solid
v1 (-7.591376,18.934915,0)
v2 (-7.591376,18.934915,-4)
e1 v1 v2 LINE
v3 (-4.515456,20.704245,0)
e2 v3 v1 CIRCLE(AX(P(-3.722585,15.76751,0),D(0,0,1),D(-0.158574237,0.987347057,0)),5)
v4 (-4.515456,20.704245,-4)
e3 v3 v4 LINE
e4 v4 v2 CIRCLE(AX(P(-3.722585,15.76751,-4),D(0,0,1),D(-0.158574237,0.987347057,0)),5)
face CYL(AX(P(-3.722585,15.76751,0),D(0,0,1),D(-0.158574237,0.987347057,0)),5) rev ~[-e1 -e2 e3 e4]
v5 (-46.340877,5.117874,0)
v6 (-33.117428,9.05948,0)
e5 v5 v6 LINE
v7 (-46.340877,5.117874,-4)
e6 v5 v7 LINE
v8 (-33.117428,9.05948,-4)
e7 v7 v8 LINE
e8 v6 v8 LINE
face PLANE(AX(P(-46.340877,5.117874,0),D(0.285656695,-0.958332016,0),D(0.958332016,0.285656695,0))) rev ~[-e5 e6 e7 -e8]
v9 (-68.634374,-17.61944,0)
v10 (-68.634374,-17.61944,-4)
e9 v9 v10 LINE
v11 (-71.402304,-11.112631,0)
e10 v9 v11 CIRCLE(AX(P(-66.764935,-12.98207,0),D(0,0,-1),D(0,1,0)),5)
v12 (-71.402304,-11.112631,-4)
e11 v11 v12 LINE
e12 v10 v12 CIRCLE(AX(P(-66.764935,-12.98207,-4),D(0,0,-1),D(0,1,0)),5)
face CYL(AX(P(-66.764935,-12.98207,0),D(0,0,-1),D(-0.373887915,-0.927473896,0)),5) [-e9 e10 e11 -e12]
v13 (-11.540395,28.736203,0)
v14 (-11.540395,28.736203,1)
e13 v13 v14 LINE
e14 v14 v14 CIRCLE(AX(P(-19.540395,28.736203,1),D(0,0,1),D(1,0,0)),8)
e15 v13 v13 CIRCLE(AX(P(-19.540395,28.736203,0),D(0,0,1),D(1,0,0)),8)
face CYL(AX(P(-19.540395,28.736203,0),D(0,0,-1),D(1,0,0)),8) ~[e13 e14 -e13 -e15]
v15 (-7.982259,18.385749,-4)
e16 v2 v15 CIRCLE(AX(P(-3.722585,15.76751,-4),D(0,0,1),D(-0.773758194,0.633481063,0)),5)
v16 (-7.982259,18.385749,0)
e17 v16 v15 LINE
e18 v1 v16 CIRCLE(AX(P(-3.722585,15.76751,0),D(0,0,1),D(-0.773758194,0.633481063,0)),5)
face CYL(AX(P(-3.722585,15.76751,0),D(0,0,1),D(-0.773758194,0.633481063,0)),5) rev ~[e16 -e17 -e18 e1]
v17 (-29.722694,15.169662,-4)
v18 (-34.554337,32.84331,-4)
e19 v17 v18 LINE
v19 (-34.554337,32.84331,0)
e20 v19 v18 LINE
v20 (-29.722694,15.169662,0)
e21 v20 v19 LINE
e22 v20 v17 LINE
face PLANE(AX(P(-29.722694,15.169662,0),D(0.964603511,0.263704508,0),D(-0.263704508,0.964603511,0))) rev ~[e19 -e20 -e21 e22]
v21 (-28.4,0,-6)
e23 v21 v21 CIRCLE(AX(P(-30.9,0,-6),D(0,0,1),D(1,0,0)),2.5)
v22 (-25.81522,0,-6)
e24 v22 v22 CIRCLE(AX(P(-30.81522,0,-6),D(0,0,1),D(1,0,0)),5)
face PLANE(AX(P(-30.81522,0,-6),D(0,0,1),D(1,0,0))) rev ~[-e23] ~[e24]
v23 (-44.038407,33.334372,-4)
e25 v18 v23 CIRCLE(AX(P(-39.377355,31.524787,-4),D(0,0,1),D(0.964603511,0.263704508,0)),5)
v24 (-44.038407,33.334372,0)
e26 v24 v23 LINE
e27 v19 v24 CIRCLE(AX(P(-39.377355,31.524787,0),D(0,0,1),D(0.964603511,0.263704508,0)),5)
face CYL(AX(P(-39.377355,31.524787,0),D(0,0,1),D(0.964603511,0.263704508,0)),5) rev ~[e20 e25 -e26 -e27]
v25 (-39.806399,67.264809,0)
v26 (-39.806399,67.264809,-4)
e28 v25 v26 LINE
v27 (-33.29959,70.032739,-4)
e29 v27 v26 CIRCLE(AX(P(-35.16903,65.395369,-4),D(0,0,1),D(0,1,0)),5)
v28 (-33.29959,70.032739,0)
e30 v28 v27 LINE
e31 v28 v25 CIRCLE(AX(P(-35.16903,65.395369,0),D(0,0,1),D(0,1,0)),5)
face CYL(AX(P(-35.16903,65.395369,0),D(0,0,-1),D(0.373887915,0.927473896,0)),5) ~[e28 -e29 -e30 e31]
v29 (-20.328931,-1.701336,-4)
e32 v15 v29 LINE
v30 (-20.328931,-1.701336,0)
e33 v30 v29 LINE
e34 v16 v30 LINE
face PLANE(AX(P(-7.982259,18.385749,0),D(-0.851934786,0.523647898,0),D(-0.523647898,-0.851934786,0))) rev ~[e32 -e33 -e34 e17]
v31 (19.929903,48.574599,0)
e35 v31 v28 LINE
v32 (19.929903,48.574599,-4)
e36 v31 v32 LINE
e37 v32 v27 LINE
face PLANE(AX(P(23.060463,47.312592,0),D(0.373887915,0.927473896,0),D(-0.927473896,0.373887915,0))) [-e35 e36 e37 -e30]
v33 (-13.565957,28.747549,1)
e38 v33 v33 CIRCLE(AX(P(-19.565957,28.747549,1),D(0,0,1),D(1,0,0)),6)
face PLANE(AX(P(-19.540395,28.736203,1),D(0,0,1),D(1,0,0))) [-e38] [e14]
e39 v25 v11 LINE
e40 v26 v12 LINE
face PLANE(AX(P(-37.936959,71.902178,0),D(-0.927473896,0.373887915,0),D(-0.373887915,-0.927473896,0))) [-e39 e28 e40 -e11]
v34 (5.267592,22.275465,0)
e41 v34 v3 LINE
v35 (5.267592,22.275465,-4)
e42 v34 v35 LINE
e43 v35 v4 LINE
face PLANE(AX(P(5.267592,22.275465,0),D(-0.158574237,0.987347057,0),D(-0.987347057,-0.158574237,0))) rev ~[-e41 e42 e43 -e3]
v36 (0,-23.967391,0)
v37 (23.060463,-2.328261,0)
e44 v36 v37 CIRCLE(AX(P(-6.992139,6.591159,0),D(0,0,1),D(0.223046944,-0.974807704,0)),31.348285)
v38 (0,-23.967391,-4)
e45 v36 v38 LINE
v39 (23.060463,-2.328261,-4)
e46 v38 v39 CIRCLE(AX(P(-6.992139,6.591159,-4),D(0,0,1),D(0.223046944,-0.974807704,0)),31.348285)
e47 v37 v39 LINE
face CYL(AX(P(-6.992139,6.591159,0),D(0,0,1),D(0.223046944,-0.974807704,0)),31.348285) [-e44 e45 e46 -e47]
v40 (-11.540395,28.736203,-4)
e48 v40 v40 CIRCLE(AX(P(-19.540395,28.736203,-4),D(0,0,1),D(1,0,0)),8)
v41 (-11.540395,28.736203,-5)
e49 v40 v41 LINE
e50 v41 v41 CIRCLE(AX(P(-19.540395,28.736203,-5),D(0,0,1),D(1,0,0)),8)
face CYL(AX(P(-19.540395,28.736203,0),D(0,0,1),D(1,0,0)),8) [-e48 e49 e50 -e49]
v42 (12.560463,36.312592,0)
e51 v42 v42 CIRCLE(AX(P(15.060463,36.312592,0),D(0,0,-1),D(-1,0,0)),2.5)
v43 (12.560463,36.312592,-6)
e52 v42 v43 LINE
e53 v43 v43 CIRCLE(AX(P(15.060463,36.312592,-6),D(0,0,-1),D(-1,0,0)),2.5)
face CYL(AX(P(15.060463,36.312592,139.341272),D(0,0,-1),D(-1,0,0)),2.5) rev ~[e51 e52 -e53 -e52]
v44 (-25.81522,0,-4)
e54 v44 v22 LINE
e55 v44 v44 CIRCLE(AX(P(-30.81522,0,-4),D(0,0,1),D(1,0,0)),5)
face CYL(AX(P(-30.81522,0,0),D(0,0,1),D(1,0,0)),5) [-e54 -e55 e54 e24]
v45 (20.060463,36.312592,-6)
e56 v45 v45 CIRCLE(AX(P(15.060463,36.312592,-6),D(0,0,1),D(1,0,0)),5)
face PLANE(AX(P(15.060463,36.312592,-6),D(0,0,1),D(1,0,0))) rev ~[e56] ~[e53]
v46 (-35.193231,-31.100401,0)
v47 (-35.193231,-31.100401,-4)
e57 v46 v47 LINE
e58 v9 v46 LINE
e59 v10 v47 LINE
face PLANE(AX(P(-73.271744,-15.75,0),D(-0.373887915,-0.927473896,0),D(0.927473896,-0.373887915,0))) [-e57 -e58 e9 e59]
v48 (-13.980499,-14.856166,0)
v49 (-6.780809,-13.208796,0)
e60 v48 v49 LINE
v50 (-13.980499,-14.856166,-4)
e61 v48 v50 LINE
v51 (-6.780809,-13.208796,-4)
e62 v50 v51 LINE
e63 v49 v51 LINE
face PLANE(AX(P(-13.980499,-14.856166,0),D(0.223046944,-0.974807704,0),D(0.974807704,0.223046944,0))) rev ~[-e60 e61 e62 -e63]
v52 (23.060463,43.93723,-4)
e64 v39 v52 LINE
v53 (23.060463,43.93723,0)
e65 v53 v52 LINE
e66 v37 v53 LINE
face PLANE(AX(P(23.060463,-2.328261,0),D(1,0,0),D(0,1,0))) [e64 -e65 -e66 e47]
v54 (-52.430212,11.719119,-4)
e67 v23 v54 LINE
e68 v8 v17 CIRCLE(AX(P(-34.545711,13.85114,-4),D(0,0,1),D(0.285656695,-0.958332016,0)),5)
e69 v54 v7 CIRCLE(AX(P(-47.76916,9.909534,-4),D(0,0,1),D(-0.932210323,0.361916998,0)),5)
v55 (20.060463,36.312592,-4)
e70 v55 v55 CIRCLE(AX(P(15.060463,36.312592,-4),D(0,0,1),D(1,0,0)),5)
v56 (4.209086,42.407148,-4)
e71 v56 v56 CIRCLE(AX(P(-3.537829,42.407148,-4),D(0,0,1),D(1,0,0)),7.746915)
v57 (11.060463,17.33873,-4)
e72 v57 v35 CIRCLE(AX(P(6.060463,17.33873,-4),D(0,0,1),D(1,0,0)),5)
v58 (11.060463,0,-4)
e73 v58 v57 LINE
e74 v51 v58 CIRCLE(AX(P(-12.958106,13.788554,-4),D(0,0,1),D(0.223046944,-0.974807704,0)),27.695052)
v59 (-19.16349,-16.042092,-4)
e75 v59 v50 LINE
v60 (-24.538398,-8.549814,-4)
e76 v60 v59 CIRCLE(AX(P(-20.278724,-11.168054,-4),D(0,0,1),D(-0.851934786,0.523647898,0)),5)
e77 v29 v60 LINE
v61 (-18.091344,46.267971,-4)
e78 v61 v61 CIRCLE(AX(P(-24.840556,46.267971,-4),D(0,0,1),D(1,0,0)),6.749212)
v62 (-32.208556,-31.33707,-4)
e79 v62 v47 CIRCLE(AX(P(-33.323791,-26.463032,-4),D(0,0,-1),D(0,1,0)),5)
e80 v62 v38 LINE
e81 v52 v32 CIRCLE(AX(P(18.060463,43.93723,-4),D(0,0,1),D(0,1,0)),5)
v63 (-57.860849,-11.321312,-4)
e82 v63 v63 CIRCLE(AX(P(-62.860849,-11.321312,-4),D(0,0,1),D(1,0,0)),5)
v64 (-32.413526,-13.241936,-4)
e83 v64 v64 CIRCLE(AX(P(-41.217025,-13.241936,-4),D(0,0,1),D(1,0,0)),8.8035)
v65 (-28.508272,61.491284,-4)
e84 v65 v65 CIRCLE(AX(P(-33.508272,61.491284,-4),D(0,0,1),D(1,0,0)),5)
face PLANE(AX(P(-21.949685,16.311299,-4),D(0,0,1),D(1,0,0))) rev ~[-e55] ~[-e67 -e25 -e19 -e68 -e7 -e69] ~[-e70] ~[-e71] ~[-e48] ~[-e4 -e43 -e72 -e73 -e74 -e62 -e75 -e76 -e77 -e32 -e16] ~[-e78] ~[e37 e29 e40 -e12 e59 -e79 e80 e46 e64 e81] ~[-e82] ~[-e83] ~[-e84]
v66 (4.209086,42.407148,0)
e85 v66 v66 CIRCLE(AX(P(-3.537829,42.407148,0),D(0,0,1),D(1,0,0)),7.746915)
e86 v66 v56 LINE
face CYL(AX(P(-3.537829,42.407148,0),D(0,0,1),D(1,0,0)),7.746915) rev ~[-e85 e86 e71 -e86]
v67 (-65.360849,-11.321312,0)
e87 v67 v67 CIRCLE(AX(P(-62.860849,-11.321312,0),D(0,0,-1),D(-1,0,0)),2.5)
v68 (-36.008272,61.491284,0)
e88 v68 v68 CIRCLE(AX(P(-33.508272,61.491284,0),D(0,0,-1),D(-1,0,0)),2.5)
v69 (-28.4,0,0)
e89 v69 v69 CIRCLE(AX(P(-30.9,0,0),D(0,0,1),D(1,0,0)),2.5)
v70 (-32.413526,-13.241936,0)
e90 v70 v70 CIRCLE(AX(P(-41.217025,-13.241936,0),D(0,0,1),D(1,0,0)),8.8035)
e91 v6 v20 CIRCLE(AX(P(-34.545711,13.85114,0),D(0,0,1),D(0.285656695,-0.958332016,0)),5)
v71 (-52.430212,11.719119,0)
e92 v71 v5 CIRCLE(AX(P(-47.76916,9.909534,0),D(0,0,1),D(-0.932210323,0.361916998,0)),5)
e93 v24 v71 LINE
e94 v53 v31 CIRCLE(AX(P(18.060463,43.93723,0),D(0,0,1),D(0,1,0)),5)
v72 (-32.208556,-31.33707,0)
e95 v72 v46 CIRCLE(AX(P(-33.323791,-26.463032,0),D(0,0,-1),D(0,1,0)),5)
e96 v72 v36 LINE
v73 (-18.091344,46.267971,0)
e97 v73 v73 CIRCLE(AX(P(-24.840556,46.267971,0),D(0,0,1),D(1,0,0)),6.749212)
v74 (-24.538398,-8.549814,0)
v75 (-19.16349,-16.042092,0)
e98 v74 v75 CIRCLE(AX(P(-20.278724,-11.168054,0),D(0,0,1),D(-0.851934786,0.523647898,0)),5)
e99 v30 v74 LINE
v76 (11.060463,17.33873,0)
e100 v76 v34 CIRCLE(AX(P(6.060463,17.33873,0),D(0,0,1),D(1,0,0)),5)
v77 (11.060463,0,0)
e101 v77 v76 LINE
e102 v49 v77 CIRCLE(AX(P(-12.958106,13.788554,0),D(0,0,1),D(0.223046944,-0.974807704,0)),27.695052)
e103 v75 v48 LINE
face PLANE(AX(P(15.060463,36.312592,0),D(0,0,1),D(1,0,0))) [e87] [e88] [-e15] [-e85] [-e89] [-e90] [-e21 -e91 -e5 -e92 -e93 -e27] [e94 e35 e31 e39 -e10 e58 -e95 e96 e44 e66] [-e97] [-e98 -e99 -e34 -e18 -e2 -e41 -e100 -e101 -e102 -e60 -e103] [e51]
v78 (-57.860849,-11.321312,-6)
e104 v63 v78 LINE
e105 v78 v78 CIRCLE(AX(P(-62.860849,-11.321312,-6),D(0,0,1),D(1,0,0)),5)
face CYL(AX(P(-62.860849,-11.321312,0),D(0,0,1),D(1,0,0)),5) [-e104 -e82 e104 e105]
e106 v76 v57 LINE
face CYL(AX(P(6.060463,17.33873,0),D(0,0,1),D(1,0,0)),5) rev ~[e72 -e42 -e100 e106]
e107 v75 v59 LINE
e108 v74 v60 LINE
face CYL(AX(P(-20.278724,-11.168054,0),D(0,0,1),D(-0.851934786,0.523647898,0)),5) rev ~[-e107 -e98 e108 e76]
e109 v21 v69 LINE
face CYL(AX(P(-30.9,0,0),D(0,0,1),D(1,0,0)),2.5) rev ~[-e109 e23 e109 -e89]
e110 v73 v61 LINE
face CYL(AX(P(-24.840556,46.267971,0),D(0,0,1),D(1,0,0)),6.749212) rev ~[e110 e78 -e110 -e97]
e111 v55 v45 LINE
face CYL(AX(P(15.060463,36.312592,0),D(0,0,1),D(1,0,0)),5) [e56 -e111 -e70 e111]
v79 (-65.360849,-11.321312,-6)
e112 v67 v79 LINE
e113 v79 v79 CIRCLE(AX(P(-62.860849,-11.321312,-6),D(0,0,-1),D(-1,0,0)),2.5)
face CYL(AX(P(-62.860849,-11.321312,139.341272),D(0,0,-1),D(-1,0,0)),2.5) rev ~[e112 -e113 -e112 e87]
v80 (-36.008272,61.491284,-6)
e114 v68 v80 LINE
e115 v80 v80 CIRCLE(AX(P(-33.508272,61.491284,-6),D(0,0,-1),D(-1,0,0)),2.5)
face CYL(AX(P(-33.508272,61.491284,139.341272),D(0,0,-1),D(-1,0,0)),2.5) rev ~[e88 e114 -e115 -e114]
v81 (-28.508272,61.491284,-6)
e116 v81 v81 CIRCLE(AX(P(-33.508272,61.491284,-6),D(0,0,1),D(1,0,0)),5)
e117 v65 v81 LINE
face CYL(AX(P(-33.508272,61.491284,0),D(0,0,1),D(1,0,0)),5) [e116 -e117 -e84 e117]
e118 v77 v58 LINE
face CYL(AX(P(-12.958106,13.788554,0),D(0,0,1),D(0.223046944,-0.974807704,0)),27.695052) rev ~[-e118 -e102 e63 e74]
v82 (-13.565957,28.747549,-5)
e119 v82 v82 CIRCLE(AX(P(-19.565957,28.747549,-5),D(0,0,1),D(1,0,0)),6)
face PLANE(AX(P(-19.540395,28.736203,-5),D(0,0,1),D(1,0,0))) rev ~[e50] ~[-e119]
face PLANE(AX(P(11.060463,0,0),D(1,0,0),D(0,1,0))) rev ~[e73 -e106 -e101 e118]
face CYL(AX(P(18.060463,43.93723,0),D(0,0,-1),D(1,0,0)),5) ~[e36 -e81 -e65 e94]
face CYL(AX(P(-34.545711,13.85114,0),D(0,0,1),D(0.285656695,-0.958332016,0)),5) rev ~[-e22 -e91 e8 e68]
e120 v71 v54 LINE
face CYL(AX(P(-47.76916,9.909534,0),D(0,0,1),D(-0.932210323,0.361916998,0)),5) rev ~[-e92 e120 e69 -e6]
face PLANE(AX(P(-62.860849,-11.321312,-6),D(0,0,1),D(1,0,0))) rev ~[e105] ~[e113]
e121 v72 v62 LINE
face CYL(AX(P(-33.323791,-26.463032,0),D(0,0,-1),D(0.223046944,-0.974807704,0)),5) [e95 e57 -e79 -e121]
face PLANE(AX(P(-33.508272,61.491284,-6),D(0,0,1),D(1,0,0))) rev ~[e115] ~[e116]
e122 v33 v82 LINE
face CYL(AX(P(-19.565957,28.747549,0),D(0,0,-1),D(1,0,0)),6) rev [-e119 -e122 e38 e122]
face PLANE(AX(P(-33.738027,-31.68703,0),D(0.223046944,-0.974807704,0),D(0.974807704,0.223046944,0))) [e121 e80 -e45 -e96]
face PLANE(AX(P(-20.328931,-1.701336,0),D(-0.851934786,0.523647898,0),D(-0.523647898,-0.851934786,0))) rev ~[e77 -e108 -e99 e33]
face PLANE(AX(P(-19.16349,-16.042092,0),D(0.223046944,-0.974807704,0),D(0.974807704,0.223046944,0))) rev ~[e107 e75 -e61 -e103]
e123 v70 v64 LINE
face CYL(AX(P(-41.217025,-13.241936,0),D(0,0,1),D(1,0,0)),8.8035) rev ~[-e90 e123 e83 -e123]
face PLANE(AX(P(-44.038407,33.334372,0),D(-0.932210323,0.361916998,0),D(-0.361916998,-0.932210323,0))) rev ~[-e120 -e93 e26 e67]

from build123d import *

# Parameters (mm, degrees)
F0_R          = 20.4
F0_R_2        = 18.9
F1_DEPTH      = 4
F0_R_3        = 2.5
F0_R_4        = 8
F2_DEPTH      = 4
F3_DEPTH      = 4
F4_R          = 5
F4_R_2        = 2.5
F5_DEPTH      = 6
F4_R_3        = 1.5
F6_DEPTH      = 6
F4_R_4        = 8
F4_R_5        = 6
F7_DEPTH      = 5
F7_DEPTH_BACK = 1
F8_R          = 5
F9_D          = 5
F4_R_6        = 6.7492124295
F4_R_7        = 8.8034997794
F4_R_8        = 7.7469148922
F10_DEPTH     = 6.001


with BuildPart() as f1:
    # F0 (on Top) → F1 (new body)
    with BuildSketch(Plane.XY):
        Circle(F0_R)
        Circle(F0_R_2, mode=Mode.SUBTRACT)
    extrude(amount=-F1_DEPTH)

    # F0 (on Top) → F2 (join)
    with BuildSketch(Plane.XY):
        with BuildLine():
            Line((-37.9369594157, 71.9021782279), (-73.2717439532, -15.7500002533))
            Line((-73.2717439532, -15.7500002533), (-33.7380266771, -31.6870300696))
            Line((-33.7380266771, -31.6870300696), (0, -23.96739088))
            ThreePointArc((0, -23.96739088), (14.4587631047, -16.2687135057), (23.0604634443, -2.3282610346))
            Line((23.0604634443, -2.3282610346), (23.0604634443, 47.3125920767))
            Line((23.0604634443, 47.3125920767), (-37.9369594157, 71.9021782279))
        make_face()
        with Locations((-30.9, 0)):
            Circle(F0_R_3, mode=Mode.SUBTRACT)
        Circle(F0_R, mode=Mode.SUBTRACT)
        with Locations((-19.5403950401, 28.736203214)):
            Circle(F0_R_4, mode=Mode.SUBTRACT)
    extrude(amount=-F2_DEPTH)

    # F0 (on Top) → F3 (join)
    with BuildSketch(Plane.XY):
        Circle(F0_R_2)
    extrude(amount=-F3_DEPTH)

    # F4 (on face) → F5 (join)
    with BuildSketch(Plane.XY):
        with Locations((-30.8152195066, 0)):
            Circle(F4_R)
        with Locations((-30.9, 0)):
            Circle(F4_R_2, mode=Mode.SUBTRACT)
    extrude(amount=-F5_DEPTH)

    # F4 (on face) → F6 (join)
    with BuildSketch(Plane.XY):
        with Locations((15.0604634443, 36.3125920767)):
            Circle(F4_R)
        with Locations((15.0604634443, 36.3125920767)):
            Circle(F4_R_3, mode=Mode.SUBTRACT)
        with Locations((-33.5082715717, 61.4912837428)):
            Circle(F4_R)
        with Locations((-33.5082715717, 61.4912837428)):
            Circle(F4_R_3, mode=Mode.SUBTRACT)
        with Locations((-62.8608494681, -11.3213124094)):
            Circle(F4_R)
        with Locations((-62.8608494681, -11.3213124094)):
            Circle(F4_R_3, mode=Mode.SUBTRACT)
    extrude(amount=-F6_DEPTH)

    # F4 (on face) → F7 (join, two sides)
    with BuildSketch(Plane.XY) as f7_sk:
        with Locations((-19.5403950401, 28.736203214)):
            Circle(F4_R_4)
        with Locations((-19.5659566671, 28.7475492805)):
            Circle(F4_R_5, mode=Mode.SUBTRACT)
    extrude(amount=-F7_DEPTH)
    extrude(f7_sk.sketch, amount=F7_DEPTH_BACK)

    # F8
    f8_edges = [f1.edges().sort_by_distance(p)[0] for p in [
        (-73.271744, -15.75, -2),
        (-37.936959, 71.902178, -2),
        (23.060463, 47.312592, -2),
        (-33.738027, -31.68703, -2),
    ]]
    fillet(f8_edges, radius=F8_R)

    # F9 (through all)
    with Locations(Plane.XY):
        with Locations((-33.5082715717, 61.4912837428), (15.0604634443, 36.3125920767), (-62.8608494681, -11.3213124094)):
            Hole(F9_D / 2)

    # F4 (on face) → F10 (cut, through all)
    with BuildSketch(Plane.XY):
        with Locations((-24.8405560851, 46.2679713964)):
            Circle(F4_R_6)
        with BuildLine():
            ThreePointArc((-34.5543373603, 32.8433099638), (-39.1188131875, 36.5180985692), (-44.0384065292, 33.3343724152))
            Line((-44.0384065292, 33.3343724152), (-52.4302117947, 11.7191193495))
            ThreePointArc((-52.4302117947, 11.7191193495), (-51.444320935, 6.5193730929), (-46.340876706, 5.1178742801))
            Line((-46.340876706, 5.1178742801), (-33.1174276827, 9.0594797734))
            ThreePointArc((-33.1174276827, 9.0594797734), (-30.1749819218, 11.422822336), (-29.7226936025, 15.1696623914))
            Line((-29.7226936025, 15.1696623914), (-34.5543373603, 32.8433099638))
        make_face()
        with BuildLine():
            Line((5.2675922587, 22.2754651912), (-4.5154558015, 20.7042452523))
            ThreePointArc((-4.5154558015, 20.7042452523), (-6.2156561453, 20.1016297559), (-7.5913755862, 18.9349152813))
            ThreePointArc((-7.5913755862, 18.9349152813), (1.9526532516, 20.3063326398), (11.0604634443, 17.1413578341))
            Line((11.0604634443, 17.1413578341), (11.0604634443, 17.3387299053))
            ThreePointArc((11.0604634443, 17.3387299053), (9.3035826274, 21.1442755907), (5.2675922587, 22.2754651912))
        make_face()
        with BuildLine():
            ThreePointArc((11.0604634443, 17.1413578341), (1.9526532516, 20.3063326398), (-7.5913755862, 18.9349152813))
            ThreePointArc((-7.5913755862, 18.9349152813), (-7.7960820291, 18.6669269466), (-7.9822585437, 18.3857494569))
            Line((-7.9822585437, 18.3857494569), (-20.3289314836, -1.7013361619))
            ThreePointArc((-20.3289314836, -1.7013361619), (-18.3724422175, -8.866417933), (-13.9804985925, -14.8561656932))
            Line((-13.9804985925, -14.8561656932), (-6.7808091525, -13.2087959378))
            ThreePointArc((-6.7808091525, -13.2087959378), (3.5211433289, -8.4701576249), (11.0604634443, 0))
            Line((11.0604634443, 0), (11.0604634443, 17.1413578341))
        make_face()
        with BuildLine():
            ThreePointArc((-13.9804985925, -14.8561656932), (-18.3724422175, -8.866417933), (-20.3289314836, -1.7013361619))
            Line((-20.3289314836, -1.7013361619), (-24.5383981985, -8.5498141869))
            ThreePointArc((-24.5383981985, -8.5498141869), (-24.341412043, -14.0825979067), (-19.1634895492, -16.0420921996))
            Line((-19.1634895492, -16.0420921996), (-13.9804985925, -14.8561656932))
        make_face()
        with Locations((-41.2170253694, -13.2419364527)):
            Circle(F4_R_7)
        with Locations((-3.5378288012, 42.4071475863)):
            Circle(F4_R_8)
    extrude(amount=-F10_DEPTH, mode=Mode.SUBTRACT)


solid = f1.part
